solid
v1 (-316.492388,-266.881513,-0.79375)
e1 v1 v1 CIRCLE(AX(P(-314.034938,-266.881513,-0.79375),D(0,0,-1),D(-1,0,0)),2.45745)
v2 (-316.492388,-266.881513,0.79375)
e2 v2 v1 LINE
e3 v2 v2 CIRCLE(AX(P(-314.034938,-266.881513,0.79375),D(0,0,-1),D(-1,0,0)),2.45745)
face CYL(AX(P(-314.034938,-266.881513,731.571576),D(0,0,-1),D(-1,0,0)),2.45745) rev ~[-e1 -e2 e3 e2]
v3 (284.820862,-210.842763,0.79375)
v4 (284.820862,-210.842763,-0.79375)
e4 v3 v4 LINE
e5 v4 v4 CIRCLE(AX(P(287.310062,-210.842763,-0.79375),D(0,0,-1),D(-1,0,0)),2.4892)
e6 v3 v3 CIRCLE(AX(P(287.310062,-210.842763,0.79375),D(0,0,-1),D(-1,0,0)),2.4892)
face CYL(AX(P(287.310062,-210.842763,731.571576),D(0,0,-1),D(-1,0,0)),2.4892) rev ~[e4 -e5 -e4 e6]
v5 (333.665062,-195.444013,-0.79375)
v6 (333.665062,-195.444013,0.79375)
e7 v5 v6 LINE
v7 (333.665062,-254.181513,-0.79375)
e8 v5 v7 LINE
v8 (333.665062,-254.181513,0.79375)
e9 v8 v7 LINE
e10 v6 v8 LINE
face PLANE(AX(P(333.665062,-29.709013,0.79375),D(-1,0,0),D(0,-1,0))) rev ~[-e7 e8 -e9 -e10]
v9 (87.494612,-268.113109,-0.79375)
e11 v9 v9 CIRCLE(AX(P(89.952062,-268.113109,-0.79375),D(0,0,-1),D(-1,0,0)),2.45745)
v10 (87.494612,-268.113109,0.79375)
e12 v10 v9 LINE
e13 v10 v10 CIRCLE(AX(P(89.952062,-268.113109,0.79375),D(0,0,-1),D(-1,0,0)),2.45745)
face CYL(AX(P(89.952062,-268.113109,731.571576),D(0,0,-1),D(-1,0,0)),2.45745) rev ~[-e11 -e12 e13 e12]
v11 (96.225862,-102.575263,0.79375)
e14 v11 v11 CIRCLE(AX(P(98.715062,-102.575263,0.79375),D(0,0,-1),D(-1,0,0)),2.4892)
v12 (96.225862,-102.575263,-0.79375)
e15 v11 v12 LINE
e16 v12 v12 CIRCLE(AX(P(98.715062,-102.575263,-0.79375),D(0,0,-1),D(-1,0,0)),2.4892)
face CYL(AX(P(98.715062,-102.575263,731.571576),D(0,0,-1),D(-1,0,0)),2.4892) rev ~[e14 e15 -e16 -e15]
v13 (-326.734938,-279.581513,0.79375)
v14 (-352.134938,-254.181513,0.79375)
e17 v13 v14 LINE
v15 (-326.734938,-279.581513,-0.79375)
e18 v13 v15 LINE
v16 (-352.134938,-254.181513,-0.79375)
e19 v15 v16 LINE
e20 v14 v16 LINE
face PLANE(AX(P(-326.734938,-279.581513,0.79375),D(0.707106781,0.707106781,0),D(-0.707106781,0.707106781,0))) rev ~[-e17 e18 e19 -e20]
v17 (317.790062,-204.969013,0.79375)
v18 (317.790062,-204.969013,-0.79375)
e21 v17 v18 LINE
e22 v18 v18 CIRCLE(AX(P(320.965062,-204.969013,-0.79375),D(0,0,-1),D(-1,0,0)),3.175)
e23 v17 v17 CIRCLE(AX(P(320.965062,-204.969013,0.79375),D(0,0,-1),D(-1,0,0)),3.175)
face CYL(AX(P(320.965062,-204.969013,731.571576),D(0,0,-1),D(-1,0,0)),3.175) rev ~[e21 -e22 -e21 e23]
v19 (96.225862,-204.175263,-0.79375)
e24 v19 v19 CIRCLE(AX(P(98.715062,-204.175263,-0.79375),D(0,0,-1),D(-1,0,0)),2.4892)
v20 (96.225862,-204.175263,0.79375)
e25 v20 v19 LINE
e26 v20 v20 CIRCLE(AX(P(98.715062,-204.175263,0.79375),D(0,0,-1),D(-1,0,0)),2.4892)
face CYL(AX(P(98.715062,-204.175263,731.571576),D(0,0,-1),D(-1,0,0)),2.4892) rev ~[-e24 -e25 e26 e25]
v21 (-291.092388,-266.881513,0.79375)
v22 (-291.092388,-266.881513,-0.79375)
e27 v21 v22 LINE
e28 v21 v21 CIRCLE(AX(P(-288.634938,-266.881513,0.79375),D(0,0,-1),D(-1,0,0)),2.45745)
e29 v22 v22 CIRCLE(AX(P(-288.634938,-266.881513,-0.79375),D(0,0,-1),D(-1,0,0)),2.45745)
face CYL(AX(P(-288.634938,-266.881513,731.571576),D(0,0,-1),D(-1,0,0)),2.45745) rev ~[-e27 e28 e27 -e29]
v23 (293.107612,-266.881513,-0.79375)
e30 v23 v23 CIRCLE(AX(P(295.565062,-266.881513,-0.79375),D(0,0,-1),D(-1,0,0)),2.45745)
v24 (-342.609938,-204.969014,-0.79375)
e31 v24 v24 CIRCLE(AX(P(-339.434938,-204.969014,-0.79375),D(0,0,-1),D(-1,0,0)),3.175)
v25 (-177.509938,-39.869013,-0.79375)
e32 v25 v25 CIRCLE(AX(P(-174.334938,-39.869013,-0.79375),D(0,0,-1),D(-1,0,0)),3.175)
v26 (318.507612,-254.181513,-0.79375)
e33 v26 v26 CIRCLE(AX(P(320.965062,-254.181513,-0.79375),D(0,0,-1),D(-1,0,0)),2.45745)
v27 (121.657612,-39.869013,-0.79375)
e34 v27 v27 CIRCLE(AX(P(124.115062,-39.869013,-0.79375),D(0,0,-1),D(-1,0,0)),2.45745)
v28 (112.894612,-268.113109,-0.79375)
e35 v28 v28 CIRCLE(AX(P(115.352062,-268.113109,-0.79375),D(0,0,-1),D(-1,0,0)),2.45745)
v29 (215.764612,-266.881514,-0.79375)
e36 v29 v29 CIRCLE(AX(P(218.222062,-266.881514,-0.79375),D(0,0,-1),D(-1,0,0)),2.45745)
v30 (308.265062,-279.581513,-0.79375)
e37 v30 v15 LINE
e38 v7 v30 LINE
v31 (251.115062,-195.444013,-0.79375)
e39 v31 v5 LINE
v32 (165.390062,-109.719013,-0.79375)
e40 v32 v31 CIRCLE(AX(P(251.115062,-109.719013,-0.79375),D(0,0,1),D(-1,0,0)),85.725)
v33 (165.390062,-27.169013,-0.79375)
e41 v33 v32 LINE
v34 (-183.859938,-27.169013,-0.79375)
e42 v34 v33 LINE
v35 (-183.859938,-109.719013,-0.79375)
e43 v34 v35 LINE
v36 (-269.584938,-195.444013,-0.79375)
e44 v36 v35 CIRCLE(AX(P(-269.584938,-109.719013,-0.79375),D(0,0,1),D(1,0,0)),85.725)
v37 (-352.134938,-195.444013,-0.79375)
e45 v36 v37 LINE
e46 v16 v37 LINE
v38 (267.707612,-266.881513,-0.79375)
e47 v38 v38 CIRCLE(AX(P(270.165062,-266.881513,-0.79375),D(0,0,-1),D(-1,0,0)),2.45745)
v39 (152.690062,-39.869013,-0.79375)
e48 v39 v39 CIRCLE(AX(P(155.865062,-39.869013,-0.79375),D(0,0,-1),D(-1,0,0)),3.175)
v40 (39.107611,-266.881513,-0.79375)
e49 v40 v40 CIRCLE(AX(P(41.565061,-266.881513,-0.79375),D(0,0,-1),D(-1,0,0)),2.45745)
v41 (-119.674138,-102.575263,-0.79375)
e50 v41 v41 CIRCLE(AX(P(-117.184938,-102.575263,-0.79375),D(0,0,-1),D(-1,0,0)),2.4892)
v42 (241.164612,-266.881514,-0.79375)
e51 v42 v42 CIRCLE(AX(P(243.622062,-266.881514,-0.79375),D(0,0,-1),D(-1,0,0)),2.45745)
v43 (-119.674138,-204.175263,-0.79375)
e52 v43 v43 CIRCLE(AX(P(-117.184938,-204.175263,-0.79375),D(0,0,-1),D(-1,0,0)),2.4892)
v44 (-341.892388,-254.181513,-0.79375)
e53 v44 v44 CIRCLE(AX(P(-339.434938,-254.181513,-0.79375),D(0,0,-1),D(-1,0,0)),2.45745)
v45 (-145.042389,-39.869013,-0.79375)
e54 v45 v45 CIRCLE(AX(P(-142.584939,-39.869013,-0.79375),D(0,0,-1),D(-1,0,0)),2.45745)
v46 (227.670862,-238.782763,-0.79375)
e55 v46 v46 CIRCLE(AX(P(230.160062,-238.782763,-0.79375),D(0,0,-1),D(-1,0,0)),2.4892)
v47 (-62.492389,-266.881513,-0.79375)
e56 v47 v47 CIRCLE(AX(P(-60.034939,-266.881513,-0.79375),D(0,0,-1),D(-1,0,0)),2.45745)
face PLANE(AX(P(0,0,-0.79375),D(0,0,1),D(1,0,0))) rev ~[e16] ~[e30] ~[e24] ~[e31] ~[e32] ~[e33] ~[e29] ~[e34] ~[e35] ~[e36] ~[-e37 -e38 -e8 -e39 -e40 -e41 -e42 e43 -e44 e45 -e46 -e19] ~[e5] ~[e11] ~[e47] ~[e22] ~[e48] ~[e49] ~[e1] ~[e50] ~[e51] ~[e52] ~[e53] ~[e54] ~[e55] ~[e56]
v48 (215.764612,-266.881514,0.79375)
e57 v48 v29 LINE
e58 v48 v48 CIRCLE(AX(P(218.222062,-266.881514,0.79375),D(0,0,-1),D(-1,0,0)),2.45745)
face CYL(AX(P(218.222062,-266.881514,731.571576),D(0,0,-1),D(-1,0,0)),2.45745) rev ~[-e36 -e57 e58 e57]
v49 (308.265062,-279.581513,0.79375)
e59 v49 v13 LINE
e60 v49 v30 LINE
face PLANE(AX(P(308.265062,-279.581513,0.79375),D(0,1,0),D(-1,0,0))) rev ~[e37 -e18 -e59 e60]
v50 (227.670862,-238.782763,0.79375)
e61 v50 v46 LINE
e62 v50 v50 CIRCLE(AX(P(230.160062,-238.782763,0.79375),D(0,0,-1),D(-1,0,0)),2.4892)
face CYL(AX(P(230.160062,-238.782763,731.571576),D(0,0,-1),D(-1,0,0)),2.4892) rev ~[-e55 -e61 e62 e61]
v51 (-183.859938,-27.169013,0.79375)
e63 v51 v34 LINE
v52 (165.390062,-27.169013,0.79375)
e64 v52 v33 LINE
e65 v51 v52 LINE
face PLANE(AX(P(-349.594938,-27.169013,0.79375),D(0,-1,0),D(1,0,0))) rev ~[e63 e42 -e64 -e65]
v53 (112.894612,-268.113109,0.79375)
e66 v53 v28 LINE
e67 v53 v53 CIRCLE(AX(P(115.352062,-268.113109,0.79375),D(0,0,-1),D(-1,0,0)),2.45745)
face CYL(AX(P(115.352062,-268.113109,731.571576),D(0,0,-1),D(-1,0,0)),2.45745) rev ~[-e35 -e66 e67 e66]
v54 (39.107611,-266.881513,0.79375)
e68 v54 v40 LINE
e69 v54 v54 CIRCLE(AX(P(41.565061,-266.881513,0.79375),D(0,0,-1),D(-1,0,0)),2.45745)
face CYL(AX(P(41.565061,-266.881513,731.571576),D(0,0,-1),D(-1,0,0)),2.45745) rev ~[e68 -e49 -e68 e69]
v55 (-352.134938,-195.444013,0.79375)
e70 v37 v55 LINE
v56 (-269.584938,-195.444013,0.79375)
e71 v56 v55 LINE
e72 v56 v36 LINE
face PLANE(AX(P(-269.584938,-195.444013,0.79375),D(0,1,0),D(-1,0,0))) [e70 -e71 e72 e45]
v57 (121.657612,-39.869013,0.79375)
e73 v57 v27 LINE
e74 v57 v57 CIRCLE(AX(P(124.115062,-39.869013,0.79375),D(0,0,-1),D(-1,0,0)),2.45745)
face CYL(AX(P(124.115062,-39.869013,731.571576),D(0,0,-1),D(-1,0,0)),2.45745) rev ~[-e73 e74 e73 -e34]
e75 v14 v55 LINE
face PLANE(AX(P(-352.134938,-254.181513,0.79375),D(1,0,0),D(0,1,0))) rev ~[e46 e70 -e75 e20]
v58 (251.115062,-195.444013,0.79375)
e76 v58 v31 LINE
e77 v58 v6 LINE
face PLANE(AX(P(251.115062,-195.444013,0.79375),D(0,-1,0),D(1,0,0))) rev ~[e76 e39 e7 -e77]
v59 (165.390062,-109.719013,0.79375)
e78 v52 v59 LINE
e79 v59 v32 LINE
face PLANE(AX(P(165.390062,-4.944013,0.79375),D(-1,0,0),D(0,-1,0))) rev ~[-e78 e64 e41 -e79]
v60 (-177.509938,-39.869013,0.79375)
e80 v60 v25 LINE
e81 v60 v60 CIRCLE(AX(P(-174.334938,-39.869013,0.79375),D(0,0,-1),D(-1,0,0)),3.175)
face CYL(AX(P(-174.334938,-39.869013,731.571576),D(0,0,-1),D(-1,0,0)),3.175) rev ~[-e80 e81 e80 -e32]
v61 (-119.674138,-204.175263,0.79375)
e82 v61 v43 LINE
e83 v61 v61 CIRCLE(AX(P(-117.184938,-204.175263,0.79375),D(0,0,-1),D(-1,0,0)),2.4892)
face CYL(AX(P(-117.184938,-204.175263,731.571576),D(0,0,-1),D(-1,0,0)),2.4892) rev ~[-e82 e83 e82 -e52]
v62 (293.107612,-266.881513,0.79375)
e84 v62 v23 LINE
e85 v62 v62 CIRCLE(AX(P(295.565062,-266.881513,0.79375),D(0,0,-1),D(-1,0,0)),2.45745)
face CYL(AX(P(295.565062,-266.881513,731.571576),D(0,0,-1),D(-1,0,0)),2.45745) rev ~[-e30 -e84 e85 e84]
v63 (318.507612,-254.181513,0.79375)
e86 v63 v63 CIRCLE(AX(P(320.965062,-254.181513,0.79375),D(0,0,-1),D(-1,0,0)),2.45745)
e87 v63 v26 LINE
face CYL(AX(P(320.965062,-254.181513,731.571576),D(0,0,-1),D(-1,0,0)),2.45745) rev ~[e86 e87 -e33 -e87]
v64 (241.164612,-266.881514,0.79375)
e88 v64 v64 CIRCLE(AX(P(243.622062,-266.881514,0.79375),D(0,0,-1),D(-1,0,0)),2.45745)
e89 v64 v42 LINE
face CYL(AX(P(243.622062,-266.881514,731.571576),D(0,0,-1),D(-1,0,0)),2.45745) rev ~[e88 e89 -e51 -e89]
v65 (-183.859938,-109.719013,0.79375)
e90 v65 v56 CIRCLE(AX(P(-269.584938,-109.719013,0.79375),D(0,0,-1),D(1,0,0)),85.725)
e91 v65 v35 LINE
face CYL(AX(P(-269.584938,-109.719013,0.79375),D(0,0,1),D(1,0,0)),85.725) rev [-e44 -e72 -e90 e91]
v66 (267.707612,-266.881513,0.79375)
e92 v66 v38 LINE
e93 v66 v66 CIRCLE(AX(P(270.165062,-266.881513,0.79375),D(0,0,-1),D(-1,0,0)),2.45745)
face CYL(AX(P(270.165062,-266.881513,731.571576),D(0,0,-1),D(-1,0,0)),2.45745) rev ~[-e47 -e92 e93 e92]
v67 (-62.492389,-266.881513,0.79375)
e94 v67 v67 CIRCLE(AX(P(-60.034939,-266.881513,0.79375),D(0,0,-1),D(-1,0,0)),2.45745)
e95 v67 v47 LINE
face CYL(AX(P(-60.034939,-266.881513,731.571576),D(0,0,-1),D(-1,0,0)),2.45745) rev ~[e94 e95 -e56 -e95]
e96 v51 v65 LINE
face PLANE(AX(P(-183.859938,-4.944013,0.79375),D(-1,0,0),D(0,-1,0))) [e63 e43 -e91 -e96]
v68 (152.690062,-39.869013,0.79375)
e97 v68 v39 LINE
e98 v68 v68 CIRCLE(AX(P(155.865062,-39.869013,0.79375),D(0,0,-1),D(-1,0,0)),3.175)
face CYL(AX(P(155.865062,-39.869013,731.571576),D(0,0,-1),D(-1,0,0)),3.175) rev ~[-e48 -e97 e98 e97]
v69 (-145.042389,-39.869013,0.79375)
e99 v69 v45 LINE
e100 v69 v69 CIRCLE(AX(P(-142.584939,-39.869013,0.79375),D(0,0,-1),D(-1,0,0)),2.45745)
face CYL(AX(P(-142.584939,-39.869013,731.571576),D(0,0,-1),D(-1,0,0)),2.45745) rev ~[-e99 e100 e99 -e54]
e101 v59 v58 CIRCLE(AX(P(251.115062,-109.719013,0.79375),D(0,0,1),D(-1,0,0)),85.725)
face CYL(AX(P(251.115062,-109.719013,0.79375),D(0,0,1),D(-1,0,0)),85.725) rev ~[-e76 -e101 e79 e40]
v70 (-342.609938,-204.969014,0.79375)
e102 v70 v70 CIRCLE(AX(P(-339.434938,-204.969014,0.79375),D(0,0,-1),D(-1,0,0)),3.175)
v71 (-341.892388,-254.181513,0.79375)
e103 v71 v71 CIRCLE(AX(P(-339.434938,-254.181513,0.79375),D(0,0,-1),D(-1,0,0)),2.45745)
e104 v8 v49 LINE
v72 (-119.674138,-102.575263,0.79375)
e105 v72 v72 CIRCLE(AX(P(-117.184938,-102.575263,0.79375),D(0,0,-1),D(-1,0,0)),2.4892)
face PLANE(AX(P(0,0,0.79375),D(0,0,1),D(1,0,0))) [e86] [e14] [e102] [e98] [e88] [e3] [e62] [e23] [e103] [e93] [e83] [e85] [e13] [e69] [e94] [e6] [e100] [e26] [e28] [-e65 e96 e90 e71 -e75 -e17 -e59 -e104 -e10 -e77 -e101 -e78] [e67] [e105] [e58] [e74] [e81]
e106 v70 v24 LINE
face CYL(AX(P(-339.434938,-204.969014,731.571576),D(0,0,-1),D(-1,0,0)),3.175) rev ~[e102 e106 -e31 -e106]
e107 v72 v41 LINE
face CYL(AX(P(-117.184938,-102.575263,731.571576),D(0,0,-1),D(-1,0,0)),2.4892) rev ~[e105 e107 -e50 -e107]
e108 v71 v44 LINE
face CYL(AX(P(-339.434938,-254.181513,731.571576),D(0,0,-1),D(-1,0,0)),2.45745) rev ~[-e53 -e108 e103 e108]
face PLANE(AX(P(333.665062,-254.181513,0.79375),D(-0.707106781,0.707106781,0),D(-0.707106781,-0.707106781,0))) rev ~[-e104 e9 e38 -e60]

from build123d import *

# Parameters (mm, degrees)
SKETCH3_W                    = 914.4
SKETCH3_H                    = 609.6
BOSS_EXTRUDE1_DEPTH          = 0.79375
SKETCH4_OUTSIDE_W            = 1136.194
SKETCH4_OUTSIDE_H            = 831.394
CUT_EXTRUDE1_DEPTH           = 2.54
CUT_EXTRUDE2_DEPTH           = 2.54
CUT_EXTRUDE3_DEPTH           = 2.54
F_10_0_1935_DIAMETER_HOLE1_D = 4.9149
F_1_4_0_25_DIAMETER_HOLE1_D  = 6.35
F_10_CLEARANCE_HOLE1_D       = 4.9784


with BuildPart() as part:
    # Sketch3 → Boss-Extrude1 (new, symmetric)
    with BuildSketch(Plane.XY):
        Rectangle(SKETCH3_W, SKETCH3_H)
    extrude(amount=BOSS_EXTRUDE1_DEPTH, both=True)

    # Sketch4 outside → Cut-Extrude1 (cut)
    with BuildSketch(Plane.XY.offset(0.79375)):
        Rectangle(SKETCH4_OUTSIDE_W, SKETCH4_OUTSIDE_H)
        with BuildLine():
            Line((-326.734938229, -279.58151343), (-352.134938229, -254.18151343))
            Line((-352.134938229, -254.18151343), (-352.134938229, -29.709012922))
            ThreePointArc((-352.134938229, -29.709012922), (-351.390989453, -27.912961698), (-349.594938229, -27.169012922))
            Line((-349.594938229, -27.169012922), (331.125061771, -27.169012922))
            ThreePointArc((331.125061771, -27.169012922), (332.921112995, -27.912961698), (333.665061771, -29.709012922))
            Line((333.665061771, -29.709012922), (333.665061771, -254.18151343))
            Line((333.665061771, -254.18151343), (308.265061771, -279.58151343))
            Line((308.265061771, -279.58151343), (-326.734938229, -279.58151343))
        make_face(mode=Mode.SUBTRACT)
    extrude(amount=-CUT_EXTRUDE1_DEPTH, mode=Mode.SUBTRACT)

    # Sketch7 → Cut-Extrude2 (cut)
    with BuildSketch(Plane.XY.offset(0.79375)):
        with BuildLine():
            Line((-269.584938229, -195.44401343), (-374.359938229, -195.44401343))
            Line((-374.359938229, -195.44401343), (-374.359938229, -4.94401343))
            Line((-374.359938229, -4.94401343), (-183.859938229, -4.94401343))
            Line((-183.859938229, -4.94401343), (-183.859938229, -109.71901343))
            ThreePointArc((-183.859938229, -109.71901343), (-208.968209412, -170.335742247), (-269.584938229, -195.44401343))
        make_face()
    extrude(amount=-CUT_EXTRUDE2_DEPTH, mode=Mode.SUBTRACT)

    # Sketch8 → Cut-Extrude3 (cut)
    with BuildSketch(Plane.XY.offset(0.79375)):
        with BuildLine():
            Line((251.115061771, -195.44401343), (355.890061771, -195.44401343))
            Line((355.890061771, -195.44401343), (355.890061771, -4.94401343))
            Line((355.890061771, -4.94401343), (165.390061771, -4.94401343))
            Line((165.390061771, -4.94401343), (165.390061771, -109.71901343))
            ThreePointArc((165.390061771, -109.71901343), (190.498332954, -170.335742247), (251.115061771, -195.44401343))
        make_face()
    extrude(amount=-CUT_EXTRUDE3_DEPTH, mode=Mode.SUBTRACT)

    # #10 (0.1935) Diameter Hole1 (through all)
    with Locations(Plane.XY.offset(0.79375)):
        with Locations((-288.634938229, -266.88151343), (-314.034938229, -266.88151343), (-339.434938229, -254.18151343), (89.952061771, -268.113109138), (115.352061771, -268.113109138), (218.222061771, -266.881513934), (243.622061771, -266.881513934), (295.565061771, -266.88151343), (270.165061771, -266.88151343), (320.965061771, -254.18151343), (124.115061771, -39.86901343), (-142.584938737, -39.86901343), (-60.034938737, -266.88151343), (41.565061263, -266.88151343)):
            Hole(F_10_0_1935_DIAMETER_HOLE1_D / 2)

    # 1/4 (0.25) Diameter Hole1 (through all)
    with Locations(Plane.XY.offset(0.79375)):
        with Locations((-339.434938229, -204.969013938), (320.965061771, -204.96901343), (155.865061771, -39.86901343), (-174.334938229, -39.86901343)):
            Hole(F_1_4_0_25_DIAMETER_HOLE1_D / 2)

    # #10 Clearance Hole1 (through all)
    with Locations(Plane.XY.offset(0.79375)):
        with Locations((-117.184938229, -204.17526343), (-117.184938229, -102.57526343), (98.715061771, -102.57526343), (98.715061771, -204.17526343), (230.160061773, -238.782763436), (287.31006177, -210.842763429)):
            Hole(F_10_CLEARANCE_HOLE1_D / 2)


solid = part.part
